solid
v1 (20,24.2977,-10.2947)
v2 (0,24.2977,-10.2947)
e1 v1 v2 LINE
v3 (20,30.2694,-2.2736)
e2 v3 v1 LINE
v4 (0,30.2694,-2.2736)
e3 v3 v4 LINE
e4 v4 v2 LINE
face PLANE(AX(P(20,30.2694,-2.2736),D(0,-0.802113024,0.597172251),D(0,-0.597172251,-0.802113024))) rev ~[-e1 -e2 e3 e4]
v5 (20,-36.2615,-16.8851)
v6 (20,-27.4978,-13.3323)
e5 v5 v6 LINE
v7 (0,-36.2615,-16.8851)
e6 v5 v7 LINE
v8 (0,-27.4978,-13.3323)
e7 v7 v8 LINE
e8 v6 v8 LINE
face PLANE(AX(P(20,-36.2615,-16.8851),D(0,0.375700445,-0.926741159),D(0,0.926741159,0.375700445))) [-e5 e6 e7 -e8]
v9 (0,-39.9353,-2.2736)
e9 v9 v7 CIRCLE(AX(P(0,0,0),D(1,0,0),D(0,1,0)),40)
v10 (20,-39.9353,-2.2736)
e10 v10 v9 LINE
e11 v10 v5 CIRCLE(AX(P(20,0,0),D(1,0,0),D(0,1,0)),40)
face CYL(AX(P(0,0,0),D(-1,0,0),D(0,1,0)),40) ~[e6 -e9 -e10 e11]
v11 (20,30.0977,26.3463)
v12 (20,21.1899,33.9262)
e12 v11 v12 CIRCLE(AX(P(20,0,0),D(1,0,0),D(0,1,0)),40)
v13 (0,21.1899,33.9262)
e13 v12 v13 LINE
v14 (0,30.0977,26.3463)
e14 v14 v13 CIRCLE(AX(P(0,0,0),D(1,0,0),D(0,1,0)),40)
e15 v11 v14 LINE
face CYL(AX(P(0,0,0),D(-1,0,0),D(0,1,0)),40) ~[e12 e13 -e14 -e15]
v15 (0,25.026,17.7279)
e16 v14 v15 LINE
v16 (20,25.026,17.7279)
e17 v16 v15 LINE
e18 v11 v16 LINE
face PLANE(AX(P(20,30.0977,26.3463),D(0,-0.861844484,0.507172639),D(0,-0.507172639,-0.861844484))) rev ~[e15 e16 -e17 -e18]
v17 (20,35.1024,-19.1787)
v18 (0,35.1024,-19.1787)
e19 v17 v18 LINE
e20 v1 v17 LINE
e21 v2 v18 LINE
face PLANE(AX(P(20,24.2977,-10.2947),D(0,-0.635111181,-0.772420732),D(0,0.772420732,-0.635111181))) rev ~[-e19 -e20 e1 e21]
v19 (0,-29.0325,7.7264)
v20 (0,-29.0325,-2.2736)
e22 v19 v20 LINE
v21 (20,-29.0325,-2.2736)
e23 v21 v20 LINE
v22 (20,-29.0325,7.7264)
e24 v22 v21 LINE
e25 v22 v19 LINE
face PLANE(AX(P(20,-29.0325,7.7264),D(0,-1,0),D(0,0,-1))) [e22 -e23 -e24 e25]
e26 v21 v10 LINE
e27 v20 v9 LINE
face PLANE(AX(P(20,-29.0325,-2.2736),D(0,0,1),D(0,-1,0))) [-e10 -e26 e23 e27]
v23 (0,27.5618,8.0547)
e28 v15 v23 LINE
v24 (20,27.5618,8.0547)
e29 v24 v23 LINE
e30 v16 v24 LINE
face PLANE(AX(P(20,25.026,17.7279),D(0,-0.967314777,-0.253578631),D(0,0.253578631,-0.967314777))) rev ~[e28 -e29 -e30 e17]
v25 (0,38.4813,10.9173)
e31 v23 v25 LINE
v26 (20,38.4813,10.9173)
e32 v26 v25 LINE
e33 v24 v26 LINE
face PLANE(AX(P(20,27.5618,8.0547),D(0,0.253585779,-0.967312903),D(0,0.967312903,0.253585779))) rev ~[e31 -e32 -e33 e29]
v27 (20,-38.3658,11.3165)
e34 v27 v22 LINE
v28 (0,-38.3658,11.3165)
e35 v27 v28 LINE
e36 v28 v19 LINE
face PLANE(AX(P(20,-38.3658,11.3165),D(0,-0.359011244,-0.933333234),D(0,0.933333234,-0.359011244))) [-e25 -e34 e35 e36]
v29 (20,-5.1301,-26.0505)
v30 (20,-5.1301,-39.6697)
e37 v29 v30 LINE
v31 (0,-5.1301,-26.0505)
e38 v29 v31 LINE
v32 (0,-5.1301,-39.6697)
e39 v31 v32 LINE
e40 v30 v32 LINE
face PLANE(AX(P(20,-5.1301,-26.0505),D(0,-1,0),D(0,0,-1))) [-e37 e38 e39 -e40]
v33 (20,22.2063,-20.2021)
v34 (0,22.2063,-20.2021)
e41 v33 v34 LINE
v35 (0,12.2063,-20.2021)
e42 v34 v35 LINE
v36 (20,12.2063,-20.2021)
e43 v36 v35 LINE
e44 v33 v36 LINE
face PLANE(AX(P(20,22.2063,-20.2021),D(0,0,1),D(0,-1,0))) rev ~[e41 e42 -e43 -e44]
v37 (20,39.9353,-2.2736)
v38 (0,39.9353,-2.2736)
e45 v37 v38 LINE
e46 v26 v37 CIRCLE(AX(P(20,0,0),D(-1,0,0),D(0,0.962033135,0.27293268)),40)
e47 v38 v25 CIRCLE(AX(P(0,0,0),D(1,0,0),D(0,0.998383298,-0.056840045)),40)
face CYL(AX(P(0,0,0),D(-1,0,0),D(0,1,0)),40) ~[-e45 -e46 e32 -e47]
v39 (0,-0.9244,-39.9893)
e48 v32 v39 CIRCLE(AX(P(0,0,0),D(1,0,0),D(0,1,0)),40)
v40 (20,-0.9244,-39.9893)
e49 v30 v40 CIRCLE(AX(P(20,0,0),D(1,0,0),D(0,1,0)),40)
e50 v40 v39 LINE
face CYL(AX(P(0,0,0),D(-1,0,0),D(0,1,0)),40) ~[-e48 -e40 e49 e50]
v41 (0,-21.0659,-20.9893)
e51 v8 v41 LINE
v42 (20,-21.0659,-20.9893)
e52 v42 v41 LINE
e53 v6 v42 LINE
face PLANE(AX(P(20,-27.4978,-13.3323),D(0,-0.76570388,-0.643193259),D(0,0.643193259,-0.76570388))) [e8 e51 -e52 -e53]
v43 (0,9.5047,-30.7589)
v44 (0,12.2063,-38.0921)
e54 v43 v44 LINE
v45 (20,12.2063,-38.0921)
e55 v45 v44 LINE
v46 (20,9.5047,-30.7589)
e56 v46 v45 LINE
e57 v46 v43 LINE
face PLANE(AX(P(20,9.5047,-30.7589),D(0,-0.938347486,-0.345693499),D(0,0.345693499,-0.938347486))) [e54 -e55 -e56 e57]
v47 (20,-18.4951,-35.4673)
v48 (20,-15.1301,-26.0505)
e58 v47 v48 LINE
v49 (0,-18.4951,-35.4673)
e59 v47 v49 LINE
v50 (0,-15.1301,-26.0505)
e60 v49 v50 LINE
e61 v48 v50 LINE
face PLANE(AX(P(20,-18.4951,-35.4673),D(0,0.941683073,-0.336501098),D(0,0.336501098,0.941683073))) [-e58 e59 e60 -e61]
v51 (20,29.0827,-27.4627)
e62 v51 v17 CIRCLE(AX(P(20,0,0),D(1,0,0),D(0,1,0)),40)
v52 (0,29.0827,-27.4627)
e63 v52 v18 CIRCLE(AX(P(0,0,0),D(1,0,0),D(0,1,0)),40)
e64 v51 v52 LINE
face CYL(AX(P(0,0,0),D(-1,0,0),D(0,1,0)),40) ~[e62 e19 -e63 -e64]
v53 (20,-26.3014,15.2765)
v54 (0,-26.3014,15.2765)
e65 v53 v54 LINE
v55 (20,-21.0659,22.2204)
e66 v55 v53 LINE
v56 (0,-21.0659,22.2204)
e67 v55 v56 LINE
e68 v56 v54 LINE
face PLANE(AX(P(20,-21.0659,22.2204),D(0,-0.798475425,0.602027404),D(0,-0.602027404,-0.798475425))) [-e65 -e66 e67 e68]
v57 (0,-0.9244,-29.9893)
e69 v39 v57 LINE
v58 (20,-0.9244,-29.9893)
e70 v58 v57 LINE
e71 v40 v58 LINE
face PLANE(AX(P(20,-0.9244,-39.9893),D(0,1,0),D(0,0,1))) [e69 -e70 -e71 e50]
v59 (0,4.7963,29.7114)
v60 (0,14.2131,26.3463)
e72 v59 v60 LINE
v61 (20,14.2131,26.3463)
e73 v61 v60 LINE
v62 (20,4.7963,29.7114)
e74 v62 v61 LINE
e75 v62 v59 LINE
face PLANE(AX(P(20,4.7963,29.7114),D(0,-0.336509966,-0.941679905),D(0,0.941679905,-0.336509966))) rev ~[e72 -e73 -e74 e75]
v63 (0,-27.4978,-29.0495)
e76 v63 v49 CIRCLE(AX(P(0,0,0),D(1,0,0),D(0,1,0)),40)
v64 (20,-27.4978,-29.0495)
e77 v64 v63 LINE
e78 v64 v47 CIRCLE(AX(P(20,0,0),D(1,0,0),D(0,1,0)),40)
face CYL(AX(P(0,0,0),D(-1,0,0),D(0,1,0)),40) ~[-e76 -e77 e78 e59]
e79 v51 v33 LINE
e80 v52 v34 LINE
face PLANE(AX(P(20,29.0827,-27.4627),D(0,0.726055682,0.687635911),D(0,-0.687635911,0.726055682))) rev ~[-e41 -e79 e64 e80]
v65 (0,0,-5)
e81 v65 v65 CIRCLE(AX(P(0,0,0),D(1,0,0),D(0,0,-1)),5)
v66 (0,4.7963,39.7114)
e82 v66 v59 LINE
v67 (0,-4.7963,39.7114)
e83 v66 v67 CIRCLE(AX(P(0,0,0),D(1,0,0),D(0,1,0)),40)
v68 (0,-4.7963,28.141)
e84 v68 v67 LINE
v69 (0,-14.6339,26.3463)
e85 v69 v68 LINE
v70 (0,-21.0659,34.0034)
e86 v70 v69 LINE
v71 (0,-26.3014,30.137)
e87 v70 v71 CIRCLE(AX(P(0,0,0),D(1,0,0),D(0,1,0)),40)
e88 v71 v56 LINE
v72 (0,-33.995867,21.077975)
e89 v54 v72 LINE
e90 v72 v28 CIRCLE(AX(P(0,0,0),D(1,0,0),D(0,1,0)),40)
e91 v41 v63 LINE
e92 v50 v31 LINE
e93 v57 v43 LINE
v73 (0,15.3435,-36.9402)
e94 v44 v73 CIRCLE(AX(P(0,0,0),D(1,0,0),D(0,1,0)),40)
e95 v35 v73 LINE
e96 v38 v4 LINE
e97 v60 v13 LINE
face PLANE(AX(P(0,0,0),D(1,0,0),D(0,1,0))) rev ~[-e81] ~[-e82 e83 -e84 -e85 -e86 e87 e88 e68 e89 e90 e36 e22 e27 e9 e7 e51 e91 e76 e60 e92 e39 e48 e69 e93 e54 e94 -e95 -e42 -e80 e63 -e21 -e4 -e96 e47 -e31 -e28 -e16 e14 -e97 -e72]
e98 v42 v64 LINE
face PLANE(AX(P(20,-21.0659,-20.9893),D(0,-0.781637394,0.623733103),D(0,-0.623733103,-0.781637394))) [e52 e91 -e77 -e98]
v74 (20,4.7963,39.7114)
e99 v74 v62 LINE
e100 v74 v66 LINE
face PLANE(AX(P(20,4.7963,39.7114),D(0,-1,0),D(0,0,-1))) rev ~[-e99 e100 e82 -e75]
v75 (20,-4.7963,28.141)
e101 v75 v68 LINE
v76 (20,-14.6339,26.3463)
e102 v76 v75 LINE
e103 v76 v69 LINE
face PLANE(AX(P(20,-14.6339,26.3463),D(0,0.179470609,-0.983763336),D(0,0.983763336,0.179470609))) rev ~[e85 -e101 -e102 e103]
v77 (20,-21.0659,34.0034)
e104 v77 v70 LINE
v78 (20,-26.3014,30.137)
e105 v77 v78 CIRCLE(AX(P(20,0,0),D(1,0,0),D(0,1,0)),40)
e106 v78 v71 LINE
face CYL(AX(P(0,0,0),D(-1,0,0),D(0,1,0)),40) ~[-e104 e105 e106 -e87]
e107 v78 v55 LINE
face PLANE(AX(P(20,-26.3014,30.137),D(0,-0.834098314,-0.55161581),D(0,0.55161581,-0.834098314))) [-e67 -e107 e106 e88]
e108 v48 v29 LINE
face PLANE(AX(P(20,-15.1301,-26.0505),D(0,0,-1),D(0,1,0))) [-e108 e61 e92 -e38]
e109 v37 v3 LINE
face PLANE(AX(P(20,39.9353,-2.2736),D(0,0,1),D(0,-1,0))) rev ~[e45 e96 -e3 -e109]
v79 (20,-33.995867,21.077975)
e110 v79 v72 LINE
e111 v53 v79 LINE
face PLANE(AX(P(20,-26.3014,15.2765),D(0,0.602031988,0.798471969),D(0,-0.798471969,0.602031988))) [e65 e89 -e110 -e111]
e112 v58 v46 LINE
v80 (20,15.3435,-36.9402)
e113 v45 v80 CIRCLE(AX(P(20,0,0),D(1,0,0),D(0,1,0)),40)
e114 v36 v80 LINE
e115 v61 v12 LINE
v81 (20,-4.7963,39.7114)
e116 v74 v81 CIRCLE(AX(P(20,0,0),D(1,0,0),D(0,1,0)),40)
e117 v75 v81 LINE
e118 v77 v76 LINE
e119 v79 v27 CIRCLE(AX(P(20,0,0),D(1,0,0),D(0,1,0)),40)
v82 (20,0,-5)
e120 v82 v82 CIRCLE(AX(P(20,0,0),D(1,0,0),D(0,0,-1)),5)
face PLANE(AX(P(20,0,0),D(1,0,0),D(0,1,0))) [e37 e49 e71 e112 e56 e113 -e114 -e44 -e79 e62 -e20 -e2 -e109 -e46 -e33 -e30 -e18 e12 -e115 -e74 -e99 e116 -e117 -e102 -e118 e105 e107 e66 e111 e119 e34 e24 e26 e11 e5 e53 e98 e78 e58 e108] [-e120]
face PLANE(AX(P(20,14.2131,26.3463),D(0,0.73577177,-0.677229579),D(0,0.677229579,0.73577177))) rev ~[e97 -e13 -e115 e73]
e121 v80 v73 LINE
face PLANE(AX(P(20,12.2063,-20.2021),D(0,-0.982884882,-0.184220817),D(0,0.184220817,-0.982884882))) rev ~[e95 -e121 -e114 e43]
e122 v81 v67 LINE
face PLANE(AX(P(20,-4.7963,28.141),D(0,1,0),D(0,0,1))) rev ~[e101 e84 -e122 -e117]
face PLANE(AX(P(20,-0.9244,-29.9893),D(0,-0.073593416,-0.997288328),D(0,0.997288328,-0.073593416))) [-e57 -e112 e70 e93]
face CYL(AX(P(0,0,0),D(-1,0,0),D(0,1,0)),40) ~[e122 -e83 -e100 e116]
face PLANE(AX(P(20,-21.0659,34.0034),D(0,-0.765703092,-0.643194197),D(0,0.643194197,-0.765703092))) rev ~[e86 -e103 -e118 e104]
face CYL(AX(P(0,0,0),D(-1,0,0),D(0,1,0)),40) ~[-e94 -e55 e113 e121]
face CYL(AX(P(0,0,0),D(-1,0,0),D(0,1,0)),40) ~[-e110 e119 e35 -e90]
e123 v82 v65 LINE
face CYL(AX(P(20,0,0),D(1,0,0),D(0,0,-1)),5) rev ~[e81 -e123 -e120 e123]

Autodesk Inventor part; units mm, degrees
ref_plane "YZ Plane" through (0, 0, 0) normal (1, 0, 0) x (0, 1, 0)
ref_plane "XZ Plane" through (0, 0, 0) normal (0, 1, 0) x (-1, 0, 0)
ref_plane "XY Plane" through (0, 0, 0) normal (0, 0, 1) x (1, 0, 0)
sketch "Sketch1" plane through (0, 0, 0) normal (1, 0, 0) x (0, 1, 0)
  circle A0 centre (0, 0) radius 40
  dimension "d0" = 80
extrude "Extrusion1" add sketch "Sketch1" along normal blind 20
sketch "Sketch2" plane through (20, 0, 0) normal (1, 0, 0) x (0, 0, -1)
  circle A0 centre (0, 0) radius 40 projected
  line L0 (-11.3165, -38.3658) -> (-7.7264, -29.0325)
  line L1 (-7.7264, -29.0325) -> (2.2736, -29.0325)
  line L2 (2.2736, -29.0325) -> (2.2736, -39.9353)
  line L3 (16.8851, -36.2615) -> (13.3323, -27.4978)
  line L4 (13.3323, -27.4978) -> (20.9893, -21.0659)
  line L5 (20.9893, -21.0659) -> (29.0495, -27.4978)
  line L6 (-34.0034, -21.0659) -> (-26.3463, -14.6339)
  line L7 (-26.3463, -14.6339) -> (-28.141, -4.7963)
  line L8 (-28.141, -4.7963) -> (-39.7114, -4.7963)
  line L9 (-39.7114, 4.7963) -> (-29.7114, 4.7963)
  line L10 (-29.7114, 4.7963) -> (-26.3463, 14.2131)
  line L11 (-26.3463, 14.2131) -> (-33.9262, 21.1899)
  line L12 (35.4673, -18.4951) -> (26.0505, -15.1301)
  line L13 (26.0505, -15.1301) -> (26.0505, -5.1301)
  line L14 (26.0505, -5.1301) -> (39.6697, -5.1301)
  line L15 (-26.3463, 30.0977) -> (-17.7279, 25.026)
  line L16 (-17.7279, 25.026) -> (-8.0547, 27.5618)
  line L17 (-8.0547, 27.5618) -> (-10.9173, 38.4813)
  line L18 (2.2736, 39.9353) -> (2.2736, 30.2694)
  line L19 (2.2736, 30.2694) -> (10.2947, 24.2977)
  line L20 (10.2947, 24.2977) -> (19.1787, 35.1024)
  line L21 (27.4627, 29.0827) -> (20.2021, 22.2063)
  line L22 (20.2021, 22.2063) -> (20.2021, 12.2063)
  line L23 (20.2021, 12.2063) -> (36.9402, 15.3435)
  line L24 (39.9893, -0.9244) -> (29.9893, -0.9244)
  line L25 (29.9893, -0.9244) -> (30.7589, 9.5047)
  line L26 (30.7589, 9.5047) -> (38.0921, 12.2063)
  dimension "d3" = 10
  dimension "d4" = 10
  dimension "d5" = 10
  dimension "d6" = 10
  dimension "d7" = 10
  dimension "d8" = 10
  dimension "d9" = 10
  dimension "d10" = 10
  dimension "d11" = 10
  dimension "d12" = 10
  dimension "d13" = 10
  dimension "d14" = 10
  dimension "d15" = 10
  dimension "d16" = 10
  dimension "d17" = 10
extrude "Extrusion2" cut sketch "Sketch2" against normal blind 20 contours A0 L24 L25 L26 | L23 L22 L21 A0 | A0 L12 L13 L14 | L20 L19 L18 A0 | A0 L3 L4 L5 | L17 L16 L15 A0 | A0 L0 L1 L2 | L11 L10 L9 A0 | A0 L8 L7 L6
sketch "Sketch3" plane through (20, 0, 0) normal (1, 0, 0) x (0, 0, -1)
  arc A0 (-34.0034, -21.0659) -> (-11.3165, -38.3658) centre (0, 0) ccw projected
  line L0 (-30.137, -26.3014) -> (-22.2204, -21.0659)
  line L1 (-22.2204, -21.0659) -> (-15.2765, -26.3014)
  line L2 (-15.2765, -26.3014) -> (-21.078, -33.9959)
extrude "Extrusion3" cut sketch "Sketch3" against normal blind 20
sketch "Sketch4" plane through (20, 0, 0) normal (1, 0, 0) x (0, 0, -1)
  circle A0 centre (0, 0) radius 5
  dimension "d22" = 10
extrude "Extrusion4" cut sketch "Sketch4" against normal blind 20
properties part number "pinion"
